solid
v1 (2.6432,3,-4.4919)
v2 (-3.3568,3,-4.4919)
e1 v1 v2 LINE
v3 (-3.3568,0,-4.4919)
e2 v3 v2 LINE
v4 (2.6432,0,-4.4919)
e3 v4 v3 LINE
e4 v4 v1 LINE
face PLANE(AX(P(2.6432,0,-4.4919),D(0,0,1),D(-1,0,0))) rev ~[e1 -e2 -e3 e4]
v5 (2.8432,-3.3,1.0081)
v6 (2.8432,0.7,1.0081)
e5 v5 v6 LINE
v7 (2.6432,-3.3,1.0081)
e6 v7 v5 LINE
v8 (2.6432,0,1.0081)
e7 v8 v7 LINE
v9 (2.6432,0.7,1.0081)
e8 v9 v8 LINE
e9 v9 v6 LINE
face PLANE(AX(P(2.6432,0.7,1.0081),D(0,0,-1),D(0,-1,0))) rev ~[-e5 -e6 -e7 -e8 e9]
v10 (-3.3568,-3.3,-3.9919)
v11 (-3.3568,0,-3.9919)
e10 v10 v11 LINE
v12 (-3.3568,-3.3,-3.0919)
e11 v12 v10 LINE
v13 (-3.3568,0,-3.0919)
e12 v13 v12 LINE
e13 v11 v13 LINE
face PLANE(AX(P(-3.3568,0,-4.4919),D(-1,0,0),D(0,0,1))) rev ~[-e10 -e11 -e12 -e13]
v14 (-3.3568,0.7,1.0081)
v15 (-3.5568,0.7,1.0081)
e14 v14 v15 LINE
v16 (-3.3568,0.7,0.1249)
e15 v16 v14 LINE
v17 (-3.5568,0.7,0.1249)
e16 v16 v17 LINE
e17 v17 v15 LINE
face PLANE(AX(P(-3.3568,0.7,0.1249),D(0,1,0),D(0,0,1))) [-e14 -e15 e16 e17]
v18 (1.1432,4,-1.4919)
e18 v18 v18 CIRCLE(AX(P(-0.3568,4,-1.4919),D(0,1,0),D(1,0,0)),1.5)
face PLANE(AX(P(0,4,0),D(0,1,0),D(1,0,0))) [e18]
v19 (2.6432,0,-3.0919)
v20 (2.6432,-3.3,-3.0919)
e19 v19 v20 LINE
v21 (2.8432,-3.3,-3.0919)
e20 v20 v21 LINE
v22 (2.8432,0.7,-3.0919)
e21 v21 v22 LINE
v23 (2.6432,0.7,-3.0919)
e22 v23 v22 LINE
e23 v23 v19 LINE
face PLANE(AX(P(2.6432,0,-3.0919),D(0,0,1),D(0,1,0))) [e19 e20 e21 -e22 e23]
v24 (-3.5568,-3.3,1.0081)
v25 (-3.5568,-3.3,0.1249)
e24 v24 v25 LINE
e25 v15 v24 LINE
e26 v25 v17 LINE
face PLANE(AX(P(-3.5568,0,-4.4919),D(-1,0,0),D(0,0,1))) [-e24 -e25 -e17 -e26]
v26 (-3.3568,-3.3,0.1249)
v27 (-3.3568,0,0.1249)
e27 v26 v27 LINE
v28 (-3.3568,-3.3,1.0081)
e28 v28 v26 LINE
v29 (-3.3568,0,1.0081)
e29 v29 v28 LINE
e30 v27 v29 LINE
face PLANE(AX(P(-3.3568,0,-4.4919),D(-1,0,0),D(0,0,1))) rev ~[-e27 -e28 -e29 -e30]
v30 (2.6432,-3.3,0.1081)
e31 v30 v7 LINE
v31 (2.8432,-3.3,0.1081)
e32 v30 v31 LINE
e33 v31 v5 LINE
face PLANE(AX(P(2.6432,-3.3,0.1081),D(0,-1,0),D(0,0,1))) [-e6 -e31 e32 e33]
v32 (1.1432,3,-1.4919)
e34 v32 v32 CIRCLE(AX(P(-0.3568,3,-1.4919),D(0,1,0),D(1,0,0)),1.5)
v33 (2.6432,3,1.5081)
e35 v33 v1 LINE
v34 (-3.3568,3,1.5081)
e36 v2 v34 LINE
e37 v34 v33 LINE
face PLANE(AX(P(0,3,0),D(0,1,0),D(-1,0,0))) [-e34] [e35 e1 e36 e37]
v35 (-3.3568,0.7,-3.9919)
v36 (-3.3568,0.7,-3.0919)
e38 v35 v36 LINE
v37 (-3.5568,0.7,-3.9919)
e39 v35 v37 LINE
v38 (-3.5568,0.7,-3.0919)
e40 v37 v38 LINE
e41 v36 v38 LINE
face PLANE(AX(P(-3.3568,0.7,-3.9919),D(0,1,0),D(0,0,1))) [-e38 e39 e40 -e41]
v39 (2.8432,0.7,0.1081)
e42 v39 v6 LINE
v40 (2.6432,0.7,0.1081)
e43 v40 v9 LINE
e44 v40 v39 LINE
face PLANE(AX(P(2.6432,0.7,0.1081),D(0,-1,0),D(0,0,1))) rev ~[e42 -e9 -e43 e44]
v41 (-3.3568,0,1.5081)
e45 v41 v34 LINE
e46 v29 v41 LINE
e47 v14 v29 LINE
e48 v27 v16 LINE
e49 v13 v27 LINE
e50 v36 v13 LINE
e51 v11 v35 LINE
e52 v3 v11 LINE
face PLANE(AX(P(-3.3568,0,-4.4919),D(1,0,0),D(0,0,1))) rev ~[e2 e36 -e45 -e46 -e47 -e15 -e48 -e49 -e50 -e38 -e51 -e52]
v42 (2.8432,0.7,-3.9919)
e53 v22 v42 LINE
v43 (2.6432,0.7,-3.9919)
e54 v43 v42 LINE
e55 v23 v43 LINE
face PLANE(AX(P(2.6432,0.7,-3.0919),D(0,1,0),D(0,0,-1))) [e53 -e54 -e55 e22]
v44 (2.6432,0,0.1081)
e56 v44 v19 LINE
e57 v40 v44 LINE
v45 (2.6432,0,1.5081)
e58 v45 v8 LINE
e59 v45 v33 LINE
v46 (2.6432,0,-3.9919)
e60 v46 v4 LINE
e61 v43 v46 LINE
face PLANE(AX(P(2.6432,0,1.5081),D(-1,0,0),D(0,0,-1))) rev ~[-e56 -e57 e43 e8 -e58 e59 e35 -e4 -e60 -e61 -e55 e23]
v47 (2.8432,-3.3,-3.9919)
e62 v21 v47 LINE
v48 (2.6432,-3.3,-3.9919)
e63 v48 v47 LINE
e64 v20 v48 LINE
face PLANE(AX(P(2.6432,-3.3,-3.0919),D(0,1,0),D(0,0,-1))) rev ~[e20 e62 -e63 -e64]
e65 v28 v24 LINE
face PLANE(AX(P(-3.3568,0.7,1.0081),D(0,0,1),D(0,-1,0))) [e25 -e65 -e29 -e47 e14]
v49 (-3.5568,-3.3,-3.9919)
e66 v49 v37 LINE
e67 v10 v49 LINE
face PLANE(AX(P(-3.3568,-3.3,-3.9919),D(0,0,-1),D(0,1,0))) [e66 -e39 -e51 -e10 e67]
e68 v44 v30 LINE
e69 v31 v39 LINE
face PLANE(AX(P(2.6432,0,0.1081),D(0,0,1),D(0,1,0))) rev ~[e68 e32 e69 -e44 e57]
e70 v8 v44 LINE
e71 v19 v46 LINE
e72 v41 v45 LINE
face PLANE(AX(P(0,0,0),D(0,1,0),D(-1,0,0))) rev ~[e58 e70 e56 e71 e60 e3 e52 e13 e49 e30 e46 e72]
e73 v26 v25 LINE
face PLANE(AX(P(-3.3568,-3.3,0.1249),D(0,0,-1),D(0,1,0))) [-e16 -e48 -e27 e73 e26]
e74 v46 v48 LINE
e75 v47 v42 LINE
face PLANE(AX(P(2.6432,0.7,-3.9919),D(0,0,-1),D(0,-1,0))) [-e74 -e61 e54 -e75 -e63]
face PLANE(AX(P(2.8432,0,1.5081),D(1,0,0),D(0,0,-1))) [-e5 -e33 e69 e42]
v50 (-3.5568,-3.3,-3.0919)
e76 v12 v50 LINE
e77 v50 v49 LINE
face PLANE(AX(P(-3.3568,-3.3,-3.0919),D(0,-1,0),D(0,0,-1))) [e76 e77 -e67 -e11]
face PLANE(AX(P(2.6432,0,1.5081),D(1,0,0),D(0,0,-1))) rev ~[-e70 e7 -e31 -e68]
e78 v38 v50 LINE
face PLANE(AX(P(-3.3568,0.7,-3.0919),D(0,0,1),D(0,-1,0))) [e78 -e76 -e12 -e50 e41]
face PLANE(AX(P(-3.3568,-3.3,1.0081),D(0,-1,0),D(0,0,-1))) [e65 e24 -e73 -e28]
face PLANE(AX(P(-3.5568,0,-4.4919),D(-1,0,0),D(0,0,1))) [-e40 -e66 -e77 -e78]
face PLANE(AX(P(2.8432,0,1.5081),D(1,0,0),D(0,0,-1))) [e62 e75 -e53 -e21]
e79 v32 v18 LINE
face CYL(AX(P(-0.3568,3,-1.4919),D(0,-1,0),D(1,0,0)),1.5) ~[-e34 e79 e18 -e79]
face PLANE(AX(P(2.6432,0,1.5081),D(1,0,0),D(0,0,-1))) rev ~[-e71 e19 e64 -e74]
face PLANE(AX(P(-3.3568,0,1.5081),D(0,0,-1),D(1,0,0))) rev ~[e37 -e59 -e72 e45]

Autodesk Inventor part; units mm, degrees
ref_plane "YZ Plane" through (0, 0, 0) normal (1, 0, 0) x (0, 1, 0)
ref_plane "XZ Plane" through (0, 0, 0) normal (0, 1, 0) x (-1, 0, 0)
ref_plane "XY Plane" through (0, 0, 0) normal (0, 0, 1) x (1, 0, 0)
sketch "Sketch1" plane through (0, 0, 0) normal (0, 1, 0) x (-1, 0, 0)
  line L0 (3.3568, 1.5081) -> (-2.6432, 1.5081)
  line L1 (-2.6432, 1.5081) -> (-2.6432, -4.4919)
  line L2 (-2.6432, -4.4919) -> (3.3568, -4.4919)
  line L3 (3.3568, -4.4919) -> (3.3568, 1.5081)
  point P0 (0, 0)
  dimension "d0" = 6
  dimension "d1" = 6
extrude "Extrusion1" add sketch "Sketch1" along normal blind 3
sketch "Sketch2" plane through (0, 3, 0) normal (0, 1, 0) x (1, 0, 0)
  circle A0 centre (-0.3568, 1.4919) radius 1.5
  line L0 (2.6432, 4.4919) -> (-3.3568, 4.4919) projected
  line L1 (-3.3568, 4.4919) -> (-3.3568, -1.5081) projected
  point P0 (0, 0)
  dimension "d4" = 3
  dimension "d5" = 3
  dimension "d6" = 3
extrude "Extrusion2" add sketch "Sketch2" along normal blind 1
sketch "Sketch4" plane through (2.6432, 0, 1.5081) normal (1, 0, 0) x (0, 0, -1)
  line L0 (0, 0) -> (6, 0) projected
  line L1 (0.5, 0) -> (1.4, 0)
  line L2 (1.4, 0) -> (1.4, 0.7)
  line L3 (1.4, 0.7) -> (0.5, 0.7)
  line L4 (0.5, 0.7) -> (0.5, 0)
  line L5 (0.5, 0) -> (1.4, 0)
  line L6 (1.4, 0) -> (1.4, -3.3)
  line L7 (1.4, -3.3) -> (0.5, -3.3)
  line L8 (0.5, -3.3) -> (0.5, 0)
  line L9 (0, 0) -> (0, 3) projected
  line L10 (3, 0) -> (3, 3)
  line L11 (0, 3) -> (6, 3) projected
  line L12 (5.5, 0) -> (4.6, 0)
  line L13 (4.6, 0) -> (4.6, 0.7)
  line L14 (4.6, 0.7) -> (5.5, 0.7)
  line L15 (5.5, 0.7) -> (5.5, 0)
  line L16 (5.5, 0) -> (4.6, 0)
  line L17 (4.6, 0) -> (4.6, -3.3)
  line L18 (4.6, -3.3) -> (5.5, -3.3)
  line L19 (5.5, -3.3) -> (5.5, 0)
  point P0 (1.5081, 0)
  point P1 (1.4, 0.35)
  point P2 (4.4919, 0)
  point P3 (4.6, 0.35)
  dimension "d9" = 0.9
  dimension "d10" = 0.7
  dimension "d11" = 3.3
  dimension "d12" = 0.5
  dimension "d13" = 0
extrude "Extrusion3" add sketch "Sketch4" along normal blind 0.2 contours L13 L14 L15 L0 | L0 L19 L18 L17 | L4 L3 L2 L0 | L0 L6 L7 L8
sketch "Sketch5" plane through (-3.3568, 0, -4.4919) normal (-1, 0, 0) x (0, 0, 1)
  line L0 (0.5, -3.3) -> (0.5, 0.7) projected
  line L1 (1.4, 0.7) -> (1.4, -3.3) projected
  line L2 (0.5, 0.7) -> (1.4, 0.7)
  line L3 (1.4, 0.7) -> (1.4, -3.3)
  line L4 (1.4, -3.3) -> (0.5, -3.3)
  line L5 (0.5, -3.3) -> (0.5, 0.7)
  line L6 (5.5, 0.7) -> (5.5, -3.3) projected
  line L7 (4.6168, 0.7) -> (5.5, 0.7)
  line L8 (5.5, 0.7) -> (5.5, -3.3)
  line L9 (5.5, -3.3) -> (4.6168, -3.3)
  line L10 (4.6168, -3.3) -> (4.6168, 0.7)
  point P0 (4.4919, 0)
extrude "Extrusion4" add sketch "Sketch5" along normal blind 0.2
properties part number "button"
